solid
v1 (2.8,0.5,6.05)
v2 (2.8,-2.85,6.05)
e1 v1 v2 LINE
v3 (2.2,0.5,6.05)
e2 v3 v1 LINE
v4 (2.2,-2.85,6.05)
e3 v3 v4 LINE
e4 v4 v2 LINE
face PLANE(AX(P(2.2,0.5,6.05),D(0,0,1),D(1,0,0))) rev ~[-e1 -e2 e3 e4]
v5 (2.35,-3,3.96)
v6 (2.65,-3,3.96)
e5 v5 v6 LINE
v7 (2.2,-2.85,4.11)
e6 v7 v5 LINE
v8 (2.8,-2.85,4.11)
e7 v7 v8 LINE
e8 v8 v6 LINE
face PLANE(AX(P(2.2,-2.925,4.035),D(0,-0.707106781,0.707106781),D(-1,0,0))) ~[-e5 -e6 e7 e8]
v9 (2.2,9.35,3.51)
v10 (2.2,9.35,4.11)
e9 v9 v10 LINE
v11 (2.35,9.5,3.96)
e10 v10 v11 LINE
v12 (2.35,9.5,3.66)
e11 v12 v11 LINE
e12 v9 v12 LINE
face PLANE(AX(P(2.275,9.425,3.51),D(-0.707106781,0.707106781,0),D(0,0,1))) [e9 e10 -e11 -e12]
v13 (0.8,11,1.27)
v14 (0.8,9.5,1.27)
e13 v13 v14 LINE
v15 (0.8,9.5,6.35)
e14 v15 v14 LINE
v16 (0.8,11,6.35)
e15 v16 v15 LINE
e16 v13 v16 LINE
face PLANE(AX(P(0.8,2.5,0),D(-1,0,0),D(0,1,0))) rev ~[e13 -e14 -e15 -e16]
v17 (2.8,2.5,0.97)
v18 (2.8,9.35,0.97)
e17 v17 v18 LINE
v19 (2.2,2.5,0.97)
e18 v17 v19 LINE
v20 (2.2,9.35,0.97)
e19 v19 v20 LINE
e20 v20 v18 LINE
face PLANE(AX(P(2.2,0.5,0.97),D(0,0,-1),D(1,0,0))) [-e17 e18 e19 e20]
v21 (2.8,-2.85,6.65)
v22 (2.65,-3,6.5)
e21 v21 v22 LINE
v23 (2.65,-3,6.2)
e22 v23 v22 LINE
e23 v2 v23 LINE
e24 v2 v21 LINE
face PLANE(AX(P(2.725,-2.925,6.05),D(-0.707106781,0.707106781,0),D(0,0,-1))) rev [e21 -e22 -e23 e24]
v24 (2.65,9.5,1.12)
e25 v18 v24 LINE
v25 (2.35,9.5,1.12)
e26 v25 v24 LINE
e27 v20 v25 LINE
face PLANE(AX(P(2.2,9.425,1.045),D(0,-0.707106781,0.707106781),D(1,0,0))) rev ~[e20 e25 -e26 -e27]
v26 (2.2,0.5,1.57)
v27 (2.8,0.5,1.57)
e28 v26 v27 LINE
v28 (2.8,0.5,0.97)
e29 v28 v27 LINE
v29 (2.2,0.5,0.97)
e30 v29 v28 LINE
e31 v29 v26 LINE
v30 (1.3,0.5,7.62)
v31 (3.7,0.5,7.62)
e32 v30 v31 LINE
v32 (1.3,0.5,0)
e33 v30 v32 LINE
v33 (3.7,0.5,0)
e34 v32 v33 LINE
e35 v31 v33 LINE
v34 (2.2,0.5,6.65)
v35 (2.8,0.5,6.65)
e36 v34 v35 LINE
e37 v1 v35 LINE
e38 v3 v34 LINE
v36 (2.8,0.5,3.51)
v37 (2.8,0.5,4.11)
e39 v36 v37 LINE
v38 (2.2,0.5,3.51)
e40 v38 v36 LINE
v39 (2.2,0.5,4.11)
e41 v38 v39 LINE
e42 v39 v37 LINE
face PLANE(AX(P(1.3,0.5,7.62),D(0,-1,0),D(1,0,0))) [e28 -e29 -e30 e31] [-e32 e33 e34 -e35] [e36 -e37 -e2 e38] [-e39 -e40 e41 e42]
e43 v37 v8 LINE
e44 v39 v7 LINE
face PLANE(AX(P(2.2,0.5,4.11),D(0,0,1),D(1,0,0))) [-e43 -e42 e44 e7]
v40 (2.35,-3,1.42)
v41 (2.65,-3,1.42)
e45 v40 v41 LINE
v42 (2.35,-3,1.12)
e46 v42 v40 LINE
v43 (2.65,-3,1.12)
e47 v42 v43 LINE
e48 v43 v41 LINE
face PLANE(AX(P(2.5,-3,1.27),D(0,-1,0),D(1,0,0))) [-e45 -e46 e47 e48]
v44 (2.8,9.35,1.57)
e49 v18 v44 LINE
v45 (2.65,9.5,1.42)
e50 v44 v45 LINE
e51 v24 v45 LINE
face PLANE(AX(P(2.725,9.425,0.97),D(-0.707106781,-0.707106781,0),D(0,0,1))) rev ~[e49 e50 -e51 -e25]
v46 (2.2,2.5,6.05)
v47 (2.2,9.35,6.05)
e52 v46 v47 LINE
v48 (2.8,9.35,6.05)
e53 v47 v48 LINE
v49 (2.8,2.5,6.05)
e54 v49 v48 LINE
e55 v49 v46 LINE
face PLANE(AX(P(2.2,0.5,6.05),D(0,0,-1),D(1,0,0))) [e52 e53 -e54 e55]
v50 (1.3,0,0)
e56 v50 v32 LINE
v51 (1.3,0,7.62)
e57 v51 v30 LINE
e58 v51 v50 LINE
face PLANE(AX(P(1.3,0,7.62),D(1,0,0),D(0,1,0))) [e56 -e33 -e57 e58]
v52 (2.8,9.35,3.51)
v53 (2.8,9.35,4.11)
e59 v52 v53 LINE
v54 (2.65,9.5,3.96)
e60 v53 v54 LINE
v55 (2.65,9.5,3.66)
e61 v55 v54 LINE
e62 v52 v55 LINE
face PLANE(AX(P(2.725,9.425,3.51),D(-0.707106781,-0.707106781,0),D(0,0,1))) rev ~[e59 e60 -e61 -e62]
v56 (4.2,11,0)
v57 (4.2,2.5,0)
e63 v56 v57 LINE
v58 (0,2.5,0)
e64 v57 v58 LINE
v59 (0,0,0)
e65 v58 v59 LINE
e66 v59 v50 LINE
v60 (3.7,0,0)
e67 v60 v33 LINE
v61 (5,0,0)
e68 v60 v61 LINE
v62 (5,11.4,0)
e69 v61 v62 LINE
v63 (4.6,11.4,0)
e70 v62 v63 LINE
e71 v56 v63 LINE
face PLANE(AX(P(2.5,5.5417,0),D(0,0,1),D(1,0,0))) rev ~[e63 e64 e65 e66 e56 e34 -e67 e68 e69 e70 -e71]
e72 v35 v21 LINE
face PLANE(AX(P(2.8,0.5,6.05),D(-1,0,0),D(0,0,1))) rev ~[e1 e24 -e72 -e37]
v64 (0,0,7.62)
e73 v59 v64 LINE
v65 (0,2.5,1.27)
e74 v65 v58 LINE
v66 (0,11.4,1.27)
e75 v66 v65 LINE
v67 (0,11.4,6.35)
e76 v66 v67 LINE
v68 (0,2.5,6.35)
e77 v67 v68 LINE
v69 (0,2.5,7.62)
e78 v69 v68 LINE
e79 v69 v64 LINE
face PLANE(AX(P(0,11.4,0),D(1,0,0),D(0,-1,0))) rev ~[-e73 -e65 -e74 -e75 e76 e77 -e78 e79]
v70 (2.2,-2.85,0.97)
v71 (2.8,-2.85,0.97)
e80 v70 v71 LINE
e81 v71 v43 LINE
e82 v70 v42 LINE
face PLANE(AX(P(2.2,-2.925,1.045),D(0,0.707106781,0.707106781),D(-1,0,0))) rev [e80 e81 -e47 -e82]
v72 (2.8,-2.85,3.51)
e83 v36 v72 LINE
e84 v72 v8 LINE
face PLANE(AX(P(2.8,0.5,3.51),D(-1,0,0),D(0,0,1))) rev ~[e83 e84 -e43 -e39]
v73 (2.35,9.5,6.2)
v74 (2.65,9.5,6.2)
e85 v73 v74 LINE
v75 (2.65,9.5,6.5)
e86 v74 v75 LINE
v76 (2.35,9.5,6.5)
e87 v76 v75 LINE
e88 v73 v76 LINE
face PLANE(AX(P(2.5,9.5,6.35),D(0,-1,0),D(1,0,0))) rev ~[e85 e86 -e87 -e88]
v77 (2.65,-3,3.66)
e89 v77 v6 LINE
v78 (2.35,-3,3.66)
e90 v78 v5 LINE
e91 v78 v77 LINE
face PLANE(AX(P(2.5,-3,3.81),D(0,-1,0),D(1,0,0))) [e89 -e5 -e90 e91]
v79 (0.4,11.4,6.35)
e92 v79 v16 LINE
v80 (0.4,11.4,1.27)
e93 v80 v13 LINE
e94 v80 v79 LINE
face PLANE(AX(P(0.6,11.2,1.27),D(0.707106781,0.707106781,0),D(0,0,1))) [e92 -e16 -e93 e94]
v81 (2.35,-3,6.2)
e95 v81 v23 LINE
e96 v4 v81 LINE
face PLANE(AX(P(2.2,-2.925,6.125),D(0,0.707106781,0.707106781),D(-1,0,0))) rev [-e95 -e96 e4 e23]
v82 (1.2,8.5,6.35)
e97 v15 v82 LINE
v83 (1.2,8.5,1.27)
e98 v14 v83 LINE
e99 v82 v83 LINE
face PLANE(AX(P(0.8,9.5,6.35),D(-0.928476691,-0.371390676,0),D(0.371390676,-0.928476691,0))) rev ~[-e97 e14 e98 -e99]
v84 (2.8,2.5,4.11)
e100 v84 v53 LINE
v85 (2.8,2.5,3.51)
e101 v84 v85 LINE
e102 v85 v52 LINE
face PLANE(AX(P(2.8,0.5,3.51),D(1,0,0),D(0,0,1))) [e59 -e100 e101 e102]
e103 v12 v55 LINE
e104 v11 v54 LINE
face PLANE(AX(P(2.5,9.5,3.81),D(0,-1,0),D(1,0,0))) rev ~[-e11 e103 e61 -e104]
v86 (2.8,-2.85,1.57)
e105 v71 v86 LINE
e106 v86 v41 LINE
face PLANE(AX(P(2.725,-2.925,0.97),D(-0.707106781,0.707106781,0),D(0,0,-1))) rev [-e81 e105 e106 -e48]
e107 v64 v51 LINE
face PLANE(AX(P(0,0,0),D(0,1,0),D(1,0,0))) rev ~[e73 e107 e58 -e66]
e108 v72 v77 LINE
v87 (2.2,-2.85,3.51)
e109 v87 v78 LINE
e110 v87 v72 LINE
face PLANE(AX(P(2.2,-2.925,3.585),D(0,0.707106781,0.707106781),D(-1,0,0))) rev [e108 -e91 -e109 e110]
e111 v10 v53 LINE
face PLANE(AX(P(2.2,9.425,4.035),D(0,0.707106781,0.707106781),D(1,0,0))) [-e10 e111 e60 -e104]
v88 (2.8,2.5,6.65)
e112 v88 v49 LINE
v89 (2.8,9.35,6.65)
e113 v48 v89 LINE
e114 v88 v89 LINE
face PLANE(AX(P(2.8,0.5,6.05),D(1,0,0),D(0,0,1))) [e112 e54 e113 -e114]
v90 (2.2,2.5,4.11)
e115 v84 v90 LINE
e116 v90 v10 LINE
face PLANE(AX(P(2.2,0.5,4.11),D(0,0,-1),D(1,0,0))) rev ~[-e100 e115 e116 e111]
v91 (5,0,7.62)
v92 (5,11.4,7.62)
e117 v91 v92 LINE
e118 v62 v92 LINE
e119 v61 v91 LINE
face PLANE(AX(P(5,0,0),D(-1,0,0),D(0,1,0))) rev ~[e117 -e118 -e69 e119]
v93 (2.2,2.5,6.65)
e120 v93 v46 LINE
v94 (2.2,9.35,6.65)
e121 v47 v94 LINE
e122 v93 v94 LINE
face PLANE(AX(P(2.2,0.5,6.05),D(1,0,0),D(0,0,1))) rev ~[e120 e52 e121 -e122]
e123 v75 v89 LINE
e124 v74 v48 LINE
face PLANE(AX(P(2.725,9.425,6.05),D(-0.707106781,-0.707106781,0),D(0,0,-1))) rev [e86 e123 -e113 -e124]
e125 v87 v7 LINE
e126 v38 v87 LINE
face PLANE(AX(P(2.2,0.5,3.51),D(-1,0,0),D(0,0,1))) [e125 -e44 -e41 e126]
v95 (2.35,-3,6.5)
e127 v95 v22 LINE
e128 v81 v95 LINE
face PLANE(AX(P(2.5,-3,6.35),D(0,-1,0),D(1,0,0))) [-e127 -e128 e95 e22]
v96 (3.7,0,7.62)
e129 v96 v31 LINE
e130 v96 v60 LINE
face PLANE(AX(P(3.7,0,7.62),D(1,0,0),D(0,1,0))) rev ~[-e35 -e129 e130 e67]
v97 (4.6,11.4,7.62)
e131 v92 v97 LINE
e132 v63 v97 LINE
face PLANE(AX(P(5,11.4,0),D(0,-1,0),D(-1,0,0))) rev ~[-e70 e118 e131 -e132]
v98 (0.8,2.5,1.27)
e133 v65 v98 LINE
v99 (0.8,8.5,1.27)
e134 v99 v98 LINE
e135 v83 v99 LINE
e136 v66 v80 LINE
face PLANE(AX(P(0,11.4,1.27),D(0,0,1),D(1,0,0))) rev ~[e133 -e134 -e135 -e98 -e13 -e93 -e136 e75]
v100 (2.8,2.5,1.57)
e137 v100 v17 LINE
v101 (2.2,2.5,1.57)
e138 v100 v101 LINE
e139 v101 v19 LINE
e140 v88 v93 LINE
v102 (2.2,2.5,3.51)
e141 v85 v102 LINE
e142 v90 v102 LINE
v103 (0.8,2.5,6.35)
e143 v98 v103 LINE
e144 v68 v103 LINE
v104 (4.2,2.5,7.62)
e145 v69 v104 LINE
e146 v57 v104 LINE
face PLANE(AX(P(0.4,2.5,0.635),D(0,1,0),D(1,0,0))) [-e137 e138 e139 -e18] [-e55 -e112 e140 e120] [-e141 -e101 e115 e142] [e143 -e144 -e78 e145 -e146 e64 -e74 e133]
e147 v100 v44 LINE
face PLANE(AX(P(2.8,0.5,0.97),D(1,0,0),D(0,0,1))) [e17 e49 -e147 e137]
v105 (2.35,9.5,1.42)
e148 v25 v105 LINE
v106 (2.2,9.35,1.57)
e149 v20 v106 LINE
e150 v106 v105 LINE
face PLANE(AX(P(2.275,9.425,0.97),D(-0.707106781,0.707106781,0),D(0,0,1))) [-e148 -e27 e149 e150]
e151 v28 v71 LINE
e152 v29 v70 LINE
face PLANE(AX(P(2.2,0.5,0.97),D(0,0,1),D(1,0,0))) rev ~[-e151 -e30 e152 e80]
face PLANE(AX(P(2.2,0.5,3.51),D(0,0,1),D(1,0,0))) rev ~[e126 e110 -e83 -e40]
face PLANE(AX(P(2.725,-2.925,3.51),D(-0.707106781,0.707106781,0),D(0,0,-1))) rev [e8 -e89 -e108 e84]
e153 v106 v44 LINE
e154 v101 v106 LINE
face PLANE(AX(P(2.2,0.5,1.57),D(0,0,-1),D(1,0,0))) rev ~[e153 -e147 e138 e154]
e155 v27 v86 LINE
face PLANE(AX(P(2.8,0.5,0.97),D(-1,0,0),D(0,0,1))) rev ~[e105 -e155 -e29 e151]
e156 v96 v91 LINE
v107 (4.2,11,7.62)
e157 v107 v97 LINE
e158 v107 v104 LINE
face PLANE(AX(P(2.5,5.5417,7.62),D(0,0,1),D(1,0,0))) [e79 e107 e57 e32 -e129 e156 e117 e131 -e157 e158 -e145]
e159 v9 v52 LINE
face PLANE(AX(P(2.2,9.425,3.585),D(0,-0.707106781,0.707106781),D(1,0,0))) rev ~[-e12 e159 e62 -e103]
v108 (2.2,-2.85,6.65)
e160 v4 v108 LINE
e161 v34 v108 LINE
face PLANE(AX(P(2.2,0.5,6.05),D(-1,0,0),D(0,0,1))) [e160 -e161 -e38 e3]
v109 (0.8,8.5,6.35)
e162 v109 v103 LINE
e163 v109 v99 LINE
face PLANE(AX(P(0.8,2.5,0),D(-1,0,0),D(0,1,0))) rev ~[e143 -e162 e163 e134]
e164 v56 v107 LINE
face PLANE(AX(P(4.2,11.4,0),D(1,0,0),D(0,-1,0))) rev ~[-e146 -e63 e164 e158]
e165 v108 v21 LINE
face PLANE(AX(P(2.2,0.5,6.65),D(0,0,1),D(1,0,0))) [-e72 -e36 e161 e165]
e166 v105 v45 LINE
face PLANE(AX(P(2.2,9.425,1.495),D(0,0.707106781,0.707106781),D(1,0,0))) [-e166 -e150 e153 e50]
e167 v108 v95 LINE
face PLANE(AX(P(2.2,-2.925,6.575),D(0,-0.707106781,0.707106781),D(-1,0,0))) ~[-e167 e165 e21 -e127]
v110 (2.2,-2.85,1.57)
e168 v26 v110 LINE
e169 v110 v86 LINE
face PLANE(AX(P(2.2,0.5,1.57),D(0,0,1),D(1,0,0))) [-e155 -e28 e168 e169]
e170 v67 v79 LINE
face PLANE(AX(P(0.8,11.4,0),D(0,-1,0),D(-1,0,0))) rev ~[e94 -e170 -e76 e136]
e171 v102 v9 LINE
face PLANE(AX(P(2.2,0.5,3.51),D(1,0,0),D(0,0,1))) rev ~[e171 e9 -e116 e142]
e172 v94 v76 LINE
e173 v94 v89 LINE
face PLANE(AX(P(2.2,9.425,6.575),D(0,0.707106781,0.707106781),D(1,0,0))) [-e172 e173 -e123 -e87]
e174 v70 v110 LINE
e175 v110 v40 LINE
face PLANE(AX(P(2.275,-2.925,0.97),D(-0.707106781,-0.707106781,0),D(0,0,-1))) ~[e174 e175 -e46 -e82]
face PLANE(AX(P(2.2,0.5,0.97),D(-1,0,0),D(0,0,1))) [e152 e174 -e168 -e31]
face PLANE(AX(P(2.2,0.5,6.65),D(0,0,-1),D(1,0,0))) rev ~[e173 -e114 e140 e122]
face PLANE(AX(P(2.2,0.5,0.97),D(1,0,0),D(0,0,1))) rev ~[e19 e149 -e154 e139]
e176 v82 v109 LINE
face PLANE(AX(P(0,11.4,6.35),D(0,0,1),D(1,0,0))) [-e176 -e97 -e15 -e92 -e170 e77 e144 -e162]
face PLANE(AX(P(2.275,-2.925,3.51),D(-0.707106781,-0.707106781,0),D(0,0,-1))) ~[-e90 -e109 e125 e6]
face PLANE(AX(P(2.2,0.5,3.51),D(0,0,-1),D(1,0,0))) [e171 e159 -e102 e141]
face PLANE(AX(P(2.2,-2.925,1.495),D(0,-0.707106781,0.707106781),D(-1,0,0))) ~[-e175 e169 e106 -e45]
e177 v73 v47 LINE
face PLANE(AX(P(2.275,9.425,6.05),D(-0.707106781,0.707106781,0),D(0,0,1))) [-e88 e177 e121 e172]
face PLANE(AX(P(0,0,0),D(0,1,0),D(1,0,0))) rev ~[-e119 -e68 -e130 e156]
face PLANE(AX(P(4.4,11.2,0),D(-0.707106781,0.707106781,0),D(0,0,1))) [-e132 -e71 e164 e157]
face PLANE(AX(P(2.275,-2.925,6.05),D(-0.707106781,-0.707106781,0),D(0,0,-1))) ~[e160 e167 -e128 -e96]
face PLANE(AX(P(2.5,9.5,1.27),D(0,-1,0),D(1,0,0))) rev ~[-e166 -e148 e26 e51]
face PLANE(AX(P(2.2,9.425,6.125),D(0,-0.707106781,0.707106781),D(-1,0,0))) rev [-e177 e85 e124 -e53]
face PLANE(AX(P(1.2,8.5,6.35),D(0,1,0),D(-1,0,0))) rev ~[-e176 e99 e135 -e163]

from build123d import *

# Parameters (mm, degrees)
BOSS_EXTRU_1_DEPTH      = 7.62
ESQUISSE3_W             = 0.8
ESQUISSE3_H             = 1.27
ENL_V_MAT_EXTRU_1_DEPTH = 8.9
ESQUISSE4_W             = 2.4
ESQUISSE4_H             = 0.5
ENL_V_MAT_EXTRU_2_DEPTH = 8.62
ESQUISSE2_W             = 0.6
ESQUISSE2_H             = 0.6
BOSS_EXTRU_2_DEPTH      = 3.5
BOSS_EXTRU_2_DEPTH_BACK = 9
BOSS_EXTRU_3_DEPTH      = 5.08
CHANFREIN4_SIZE         = 0.15
CHANFREIN5_SIZE         = 0.4


with BuildPart() as part:
    # Esquisse1 → Boss.-Extru.1 (new body)
    with BuildSketch(Plane.XY):
        Polygon((0, 11.4), (0, 0), (5, 0), (5, 11.4), (4.2, 11.4), (4.2, 2.5), (0.8, 2.5), (0.8, 11.4), align=None)
    extrude(amount=BOSS_EXTRU_1_DEPTH)

    # Esquisse3 → Enlèv. mat.-Extru.1 (cut)
    with BuildSketch(Plane(origin=(0, 11.4, 0), x_dir=(1, 0, 0), z_dir=(0, 1, 0))):
        with Locations((0.4, -0.635)):
            Rectangle(ESQUISSE3_W, ESQUISSE3_H)
        with Locations((0.4, -6.985)):
            Rectangle(ESQUISSE3_W, ESQUISSE3_H)
    extrude(amount=-ENL_V_MAT_EXTRU_1_DEPTH, mode=Mode.SUBTRACT)

    # Esquisse4 → Enlèv. mat.-Extru.2 (cut, through all)
    with BuildSketch(Plane.XY.offset(7.62)):
        with Locations((2.5, 0.25)):
            Rectangle(ESQUISSE4_W, ESQUISSE4_H)
    extrude(amount=-ENL_V_MAT_EXTRU_2_DEPTH, mode=Mode.SUBTRACT)

    # Esquisse2 → Boss.-Extru.2 (add, two sides)
    with BuildSketch(Plane.XZ.offset(-0.5)) as boss_extru_2_sk:
        with Locations((2.5, 6.35)):
            Rectangle(ESQUISSE2_W, ESQUISSE2_H)
        with Locations((2.5, 1.27)):
            Rectangle(ESQUISSE2_W, ESQUISSE2_H)
        with Locations((2.5, 3.81)):
            Rectangle(ESQUISSE2_W, ESQUISSE2_H)
    extrude(amount=BOSS_EXTRU_2_DEPTH)
    extrude(boss_extru_2_sk.sketch, amount=-BOSS_EXTRU_2_DEPTH_BACK)

    # Esquisse5 → Boss.-Extru.3 (add)
    with BuildSketch(Plane.XY.offset(6.35)):
        Polygon((0.8, 9.5), (1.2, 8.5), (0.8, 8.5), align=None)
    extrude(amount=-BOSS_EXTRU_3_DEPTH)

    # Chanfrein4
    chanfrein4_edges = [part.edges().sort_by_distance(p)[0] for p in [
        (2.8, 9.5, 3.81),
        (2.5, 9.5, 3.51),
        (2.2, 9.5, 3.81),
        (2.5, 9.5, 4.11),
        (2.8, -3, 3.81),
        (2.5, -3, 4.11),
        (2.2, -3, 3.81),
        (2.5, -3, 3.51),
        (2.8, 9.5, 6.35),
        (2.5, 9.5, 6.05),
        (2.2, 9.5, 6.35),
        (2.5, 9.5, 6.65),
        (2.8, -3, 6.35),
        (2.5, -3, 6.65),
        (2.2, -3, 6.35),
        (2.5, -3, 6.05),
        (2.8, 9.5, 1.27),
        (2.5, 9.5, 0.97),
        (2.2, 9.5, 1.27),
        (2.5, 9.5, 1.57),
        (2.8, -3, 1.27),
        (2.5, -3, 1.57),
        (2.2, -3, 1.27),
        (2.5, -3, 0.97),
    ]]
    chamfer(chanfrein4_edges, length=CHANFREIN4_SIZE)

    # Chanfrein5
    chanfrein5_edges = [part.edges().sort_by_distance(p)[0] for p in [
        (4.2, 11.4, 3.81),
        (0.8, 11.4, 3.81),
    ]]
    chamfer(chanfrein5_edges, length=CHANFREIN5_SIZE)


solid = part.part
